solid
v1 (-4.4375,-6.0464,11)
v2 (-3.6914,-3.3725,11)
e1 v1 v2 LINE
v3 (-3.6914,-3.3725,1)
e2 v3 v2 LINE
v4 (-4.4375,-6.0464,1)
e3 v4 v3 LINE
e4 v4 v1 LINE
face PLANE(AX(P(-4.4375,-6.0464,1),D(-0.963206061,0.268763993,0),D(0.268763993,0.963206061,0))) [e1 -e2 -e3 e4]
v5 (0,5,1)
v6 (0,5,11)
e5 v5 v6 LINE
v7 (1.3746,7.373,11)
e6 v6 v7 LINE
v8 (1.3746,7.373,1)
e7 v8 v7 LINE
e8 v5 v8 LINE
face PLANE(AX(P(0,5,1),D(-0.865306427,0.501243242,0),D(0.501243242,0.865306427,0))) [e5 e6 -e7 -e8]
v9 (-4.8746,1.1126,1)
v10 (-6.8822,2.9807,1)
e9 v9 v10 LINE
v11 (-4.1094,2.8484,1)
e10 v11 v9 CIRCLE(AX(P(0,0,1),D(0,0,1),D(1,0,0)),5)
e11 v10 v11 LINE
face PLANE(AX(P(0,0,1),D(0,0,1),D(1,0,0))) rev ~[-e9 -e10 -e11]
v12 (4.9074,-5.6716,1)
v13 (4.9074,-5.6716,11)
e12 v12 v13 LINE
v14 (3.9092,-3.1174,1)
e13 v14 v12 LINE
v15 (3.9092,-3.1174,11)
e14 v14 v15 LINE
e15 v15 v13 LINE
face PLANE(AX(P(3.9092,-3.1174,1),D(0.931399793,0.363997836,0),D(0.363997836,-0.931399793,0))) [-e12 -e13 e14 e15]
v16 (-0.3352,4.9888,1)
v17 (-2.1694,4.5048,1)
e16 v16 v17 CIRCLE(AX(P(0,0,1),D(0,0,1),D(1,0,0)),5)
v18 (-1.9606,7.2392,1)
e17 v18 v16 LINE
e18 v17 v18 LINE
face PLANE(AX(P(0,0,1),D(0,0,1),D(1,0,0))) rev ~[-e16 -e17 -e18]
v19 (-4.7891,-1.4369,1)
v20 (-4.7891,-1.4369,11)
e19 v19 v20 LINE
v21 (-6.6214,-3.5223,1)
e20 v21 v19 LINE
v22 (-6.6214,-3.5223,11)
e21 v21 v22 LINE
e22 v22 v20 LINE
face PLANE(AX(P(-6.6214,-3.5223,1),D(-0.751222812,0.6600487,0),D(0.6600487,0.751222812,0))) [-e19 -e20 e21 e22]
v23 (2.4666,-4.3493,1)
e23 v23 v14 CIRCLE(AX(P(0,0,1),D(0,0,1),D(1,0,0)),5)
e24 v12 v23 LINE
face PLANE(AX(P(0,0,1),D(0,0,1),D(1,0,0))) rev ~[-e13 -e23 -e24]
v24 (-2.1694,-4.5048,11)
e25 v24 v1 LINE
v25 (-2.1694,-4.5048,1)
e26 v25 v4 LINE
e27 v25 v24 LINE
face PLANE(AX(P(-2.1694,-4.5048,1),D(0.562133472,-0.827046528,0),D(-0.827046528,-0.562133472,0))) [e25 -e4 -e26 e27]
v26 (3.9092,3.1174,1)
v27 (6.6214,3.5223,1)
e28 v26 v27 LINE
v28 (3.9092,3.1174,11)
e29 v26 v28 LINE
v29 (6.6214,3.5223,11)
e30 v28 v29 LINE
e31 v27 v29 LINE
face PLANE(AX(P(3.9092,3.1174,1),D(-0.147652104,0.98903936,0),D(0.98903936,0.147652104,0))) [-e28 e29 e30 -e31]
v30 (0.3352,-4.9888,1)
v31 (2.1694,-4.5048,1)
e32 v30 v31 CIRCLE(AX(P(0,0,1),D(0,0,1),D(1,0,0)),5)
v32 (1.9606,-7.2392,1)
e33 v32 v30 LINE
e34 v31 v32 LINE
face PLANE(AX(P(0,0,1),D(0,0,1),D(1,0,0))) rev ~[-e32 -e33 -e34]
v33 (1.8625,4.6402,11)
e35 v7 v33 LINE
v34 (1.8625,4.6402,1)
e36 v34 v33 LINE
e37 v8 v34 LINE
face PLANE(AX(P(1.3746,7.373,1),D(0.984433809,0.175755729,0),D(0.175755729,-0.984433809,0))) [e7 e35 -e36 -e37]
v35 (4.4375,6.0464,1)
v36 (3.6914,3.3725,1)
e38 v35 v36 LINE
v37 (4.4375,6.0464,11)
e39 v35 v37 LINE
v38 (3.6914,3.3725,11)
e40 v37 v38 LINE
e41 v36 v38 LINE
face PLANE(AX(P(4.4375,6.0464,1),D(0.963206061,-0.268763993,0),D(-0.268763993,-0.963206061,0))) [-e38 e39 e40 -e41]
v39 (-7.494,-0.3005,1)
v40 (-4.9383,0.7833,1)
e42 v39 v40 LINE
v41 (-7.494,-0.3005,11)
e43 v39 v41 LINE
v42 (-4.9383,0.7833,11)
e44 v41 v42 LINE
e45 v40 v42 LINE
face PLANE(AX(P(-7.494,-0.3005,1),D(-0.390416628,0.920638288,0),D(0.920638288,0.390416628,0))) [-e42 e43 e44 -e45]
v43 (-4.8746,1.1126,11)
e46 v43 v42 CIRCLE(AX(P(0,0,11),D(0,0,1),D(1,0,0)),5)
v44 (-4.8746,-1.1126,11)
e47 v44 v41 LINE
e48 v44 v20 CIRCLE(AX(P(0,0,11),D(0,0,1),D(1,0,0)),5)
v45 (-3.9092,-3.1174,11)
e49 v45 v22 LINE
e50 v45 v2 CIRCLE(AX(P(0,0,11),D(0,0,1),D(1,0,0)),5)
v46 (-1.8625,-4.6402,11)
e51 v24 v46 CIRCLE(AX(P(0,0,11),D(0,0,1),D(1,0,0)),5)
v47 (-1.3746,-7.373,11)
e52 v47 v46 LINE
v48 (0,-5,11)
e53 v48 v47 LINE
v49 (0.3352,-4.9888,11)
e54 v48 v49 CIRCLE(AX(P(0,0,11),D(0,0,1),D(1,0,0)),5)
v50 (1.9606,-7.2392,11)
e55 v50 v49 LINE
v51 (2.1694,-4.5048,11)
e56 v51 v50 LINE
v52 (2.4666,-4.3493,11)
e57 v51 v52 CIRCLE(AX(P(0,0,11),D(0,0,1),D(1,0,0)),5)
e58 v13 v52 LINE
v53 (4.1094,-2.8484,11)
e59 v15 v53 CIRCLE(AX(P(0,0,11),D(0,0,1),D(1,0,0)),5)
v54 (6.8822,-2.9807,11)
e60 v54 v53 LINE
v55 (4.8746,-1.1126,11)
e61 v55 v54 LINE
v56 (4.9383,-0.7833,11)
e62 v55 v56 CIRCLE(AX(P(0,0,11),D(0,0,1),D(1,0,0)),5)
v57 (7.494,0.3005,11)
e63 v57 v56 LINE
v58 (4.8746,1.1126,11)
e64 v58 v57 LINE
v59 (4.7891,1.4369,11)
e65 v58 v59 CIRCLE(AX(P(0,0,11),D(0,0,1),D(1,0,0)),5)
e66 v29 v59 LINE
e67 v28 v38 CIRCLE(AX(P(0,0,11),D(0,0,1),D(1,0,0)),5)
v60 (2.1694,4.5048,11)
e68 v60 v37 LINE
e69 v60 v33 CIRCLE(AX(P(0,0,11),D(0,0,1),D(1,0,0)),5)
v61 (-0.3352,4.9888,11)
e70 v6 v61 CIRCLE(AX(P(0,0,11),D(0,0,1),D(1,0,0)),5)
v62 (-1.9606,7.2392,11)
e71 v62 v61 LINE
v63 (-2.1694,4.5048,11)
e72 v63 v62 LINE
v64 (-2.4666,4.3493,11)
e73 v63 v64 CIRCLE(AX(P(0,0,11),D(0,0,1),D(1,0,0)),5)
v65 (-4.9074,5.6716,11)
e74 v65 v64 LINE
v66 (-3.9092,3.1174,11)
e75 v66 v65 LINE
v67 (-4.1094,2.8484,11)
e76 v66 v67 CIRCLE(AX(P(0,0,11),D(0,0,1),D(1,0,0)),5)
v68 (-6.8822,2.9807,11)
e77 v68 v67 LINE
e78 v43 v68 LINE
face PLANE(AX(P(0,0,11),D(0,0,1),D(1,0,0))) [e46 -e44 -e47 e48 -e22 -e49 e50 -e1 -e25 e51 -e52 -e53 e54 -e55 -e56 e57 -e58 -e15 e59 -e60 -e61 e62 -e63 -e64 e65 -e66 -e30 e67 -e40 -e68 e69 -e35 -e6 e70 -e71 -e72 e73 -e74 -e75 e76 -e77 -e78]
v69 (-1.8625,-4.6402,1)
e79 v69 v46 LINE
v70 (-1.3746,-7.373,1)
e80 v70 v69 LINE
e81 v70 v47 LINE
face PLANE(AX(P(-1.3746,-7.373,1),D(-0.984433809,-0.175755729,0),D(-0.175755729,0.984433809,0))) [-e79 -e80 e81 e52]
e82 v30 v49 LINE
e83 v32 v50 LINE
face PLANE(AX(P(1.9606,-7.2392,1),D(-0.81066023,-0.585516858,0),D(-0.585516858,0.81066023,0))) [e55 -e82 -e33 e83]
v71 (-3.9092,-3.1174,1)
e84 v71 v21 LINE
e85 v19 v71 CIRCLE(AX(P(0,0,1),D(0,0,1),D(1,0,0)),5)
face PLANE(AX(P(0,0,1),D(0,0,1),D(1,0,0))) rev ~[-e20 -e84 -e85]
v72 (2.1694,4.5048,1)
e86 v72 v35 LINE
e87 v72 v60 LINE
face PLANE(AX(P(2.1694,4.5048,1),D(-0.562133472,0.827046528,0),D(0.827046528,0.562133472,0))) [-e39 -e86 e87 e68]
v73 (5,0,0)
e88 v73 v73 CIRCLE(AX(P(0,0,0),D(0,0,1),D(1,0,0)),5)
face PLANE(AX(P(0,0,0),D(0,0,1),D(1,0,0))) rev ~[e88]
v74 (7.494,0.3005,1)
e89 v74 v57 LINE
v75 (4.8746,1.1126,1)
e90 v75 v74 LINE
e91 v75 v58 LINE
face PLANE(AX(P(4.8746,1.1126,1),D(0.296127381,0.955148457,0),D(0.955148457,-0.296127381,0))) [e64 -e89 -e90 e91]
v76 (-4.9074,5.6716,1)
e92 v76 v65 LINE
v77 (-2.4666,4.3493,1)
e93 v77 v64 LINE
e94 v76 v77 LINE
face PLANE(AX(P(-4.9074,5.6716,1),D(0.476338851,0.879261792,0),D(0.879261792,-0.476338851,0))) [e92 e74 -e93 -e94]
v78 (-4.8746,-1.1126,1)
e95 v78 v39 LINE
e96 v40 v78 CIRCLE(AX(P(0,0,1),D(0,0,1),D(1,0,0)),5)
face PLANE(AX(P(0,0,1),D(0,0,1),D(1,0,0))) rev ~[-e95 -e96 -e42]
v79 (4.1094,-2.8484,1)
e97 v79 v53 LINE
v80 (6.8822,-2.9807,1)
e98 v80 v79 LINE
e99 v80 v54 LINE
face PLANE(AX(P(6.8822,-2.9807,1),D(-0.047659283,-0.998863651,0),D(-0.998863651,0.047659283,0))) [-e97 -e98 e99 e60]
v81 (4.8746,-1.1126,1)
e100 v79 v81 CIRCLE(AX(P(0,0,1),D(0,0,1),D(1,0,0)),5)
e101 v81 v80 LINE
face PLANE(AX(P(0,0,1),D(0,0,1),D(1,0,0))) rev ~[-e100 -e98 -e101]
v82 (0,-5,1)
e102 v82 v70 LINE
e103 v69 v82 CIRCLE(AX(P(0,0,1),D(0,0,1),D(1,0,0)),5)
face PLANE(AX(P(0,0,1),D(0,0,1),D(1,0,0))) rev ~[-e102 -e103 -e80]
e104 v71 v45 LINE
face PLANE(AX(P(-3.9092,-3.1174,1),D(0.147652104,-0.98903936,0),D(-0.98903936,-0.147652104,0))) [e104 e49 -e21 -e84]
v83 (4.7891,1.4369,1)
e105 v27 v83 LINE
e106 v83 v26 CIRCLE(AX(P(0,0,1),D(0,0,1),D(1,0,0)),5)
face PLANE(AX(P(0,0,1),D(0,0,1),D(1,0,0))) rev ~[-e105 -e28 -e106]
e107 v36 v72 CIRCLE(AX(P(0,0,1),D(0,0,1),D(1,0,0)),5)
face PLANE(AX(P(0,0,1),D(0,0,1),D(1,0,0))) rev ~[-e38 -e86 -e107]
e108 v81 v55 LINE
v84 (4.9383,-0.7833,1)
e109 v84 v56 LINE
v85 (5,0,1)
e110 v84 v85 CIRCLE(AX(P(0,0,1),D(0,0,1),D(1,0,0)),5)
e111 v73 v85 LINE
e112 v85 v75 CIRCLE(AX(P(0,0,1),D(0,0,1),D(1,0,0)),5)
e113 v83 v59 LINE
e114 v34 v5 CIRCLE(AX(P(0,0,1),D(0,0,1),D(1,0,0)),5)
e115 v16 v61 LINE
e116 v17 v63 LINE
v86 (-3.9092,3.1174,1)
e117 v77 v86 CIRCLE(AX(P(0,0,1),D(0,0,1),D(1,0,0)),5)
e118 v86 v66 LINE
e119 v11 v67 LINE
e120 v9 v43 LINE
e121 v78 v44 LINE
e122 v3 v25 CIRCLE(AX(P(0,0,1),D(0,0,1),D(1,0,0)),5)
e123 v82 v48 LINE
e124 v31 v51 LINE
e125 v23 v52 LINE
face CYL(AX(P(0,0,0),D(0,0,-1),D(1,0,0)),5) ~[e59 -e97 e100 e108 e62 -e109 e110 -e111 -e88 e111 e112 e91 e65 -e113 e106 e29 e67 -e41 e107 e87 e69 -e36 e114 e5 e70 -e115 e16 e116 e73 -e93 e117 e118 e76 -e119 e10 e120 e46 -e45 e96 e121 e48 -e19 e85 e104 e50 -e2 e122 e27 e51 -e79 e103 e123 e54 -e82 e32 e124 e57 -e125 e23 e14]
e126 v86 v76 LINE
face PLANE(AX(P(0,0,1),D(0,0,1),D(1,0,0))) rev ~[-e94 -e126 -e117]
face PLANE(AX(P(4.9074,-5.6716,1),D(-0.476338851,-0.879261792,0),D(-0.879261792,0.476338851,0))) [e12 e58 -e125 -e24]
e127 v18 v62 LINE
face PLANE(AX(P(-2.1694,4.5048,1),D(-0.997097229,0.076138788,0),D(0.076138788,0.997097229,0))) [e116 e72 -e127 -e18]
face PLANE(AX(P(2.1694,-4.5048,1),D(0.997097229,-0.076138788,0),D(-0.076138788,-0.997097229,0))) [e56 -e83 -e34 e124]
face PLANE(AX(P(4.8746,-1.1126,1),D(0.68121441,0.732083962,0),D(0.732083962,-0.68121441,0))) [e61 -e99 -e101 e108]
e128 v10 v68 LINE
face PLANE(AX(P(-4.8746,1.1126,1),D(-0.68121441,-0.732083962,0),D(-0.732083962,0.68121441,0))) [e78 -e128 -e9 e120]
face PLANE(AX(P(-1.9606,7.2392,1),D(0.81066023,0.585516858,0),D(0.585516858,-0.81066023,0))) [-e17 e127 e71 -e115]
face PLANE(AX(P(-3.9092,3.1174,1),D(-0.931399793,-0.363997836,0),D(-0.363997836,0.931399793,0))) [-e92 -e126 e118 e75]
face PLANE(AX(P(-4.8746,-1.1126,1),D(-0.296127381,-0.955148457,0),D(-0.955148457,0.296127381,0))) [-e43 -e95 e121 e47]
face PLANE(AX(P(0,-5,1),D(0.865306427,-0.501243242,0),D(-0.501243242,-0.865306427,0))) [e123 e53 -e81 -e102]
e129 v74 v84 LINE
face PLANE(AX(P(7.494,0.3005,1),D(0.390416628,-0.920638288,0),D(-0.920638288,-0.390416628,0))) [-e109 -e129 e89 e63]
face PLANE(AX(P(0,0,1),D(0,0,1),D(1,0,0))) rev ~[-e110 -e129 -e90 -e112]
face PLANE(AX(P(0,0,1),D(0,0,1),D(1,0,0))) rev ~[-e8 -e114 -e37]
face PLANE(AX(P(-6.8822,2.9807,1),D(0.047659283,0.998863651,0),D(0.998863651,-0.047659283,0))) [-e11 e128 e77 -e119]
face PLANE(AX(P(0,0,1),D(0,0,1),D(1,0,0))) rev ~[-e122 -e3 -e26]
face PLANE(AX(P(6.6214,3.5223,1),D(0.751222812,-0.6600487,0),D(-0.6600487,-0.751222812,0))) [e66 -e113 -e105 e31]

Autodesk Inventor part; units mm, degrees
ref_plane "YZ Plane" through (0, 0, 0) normal (1, 0, 0) x (0, 1, 0)
ref_plane "XZ Plane" through (0, 0, 0) normal (0, 1, 0) x (-1, 0, 0)
ref_plane "XY Plane" through (0, 0, 0) normal (0, 0, 1) x (1, 0, 0)
sketch "Skizze1" plane through (0, 0, 0) normal (0, 0, 1) x (1, 0, 0)
  circle A0 centre (0, 0) radius 5
  dimension "d0" = 10
extrude "Extrusion1" add sketch "Skizze1" along normal blind 1
sketch "Skizze2" plane through (0, 0, 1) normal (0, 0, 1) x (1, 0, 0)
  circle A0 centre (0, 0) radius 5 projected
  circle A1 centre (0, 0) radius 7.5
  circle A2 centre (0, 0) radius 5 projected
  line L0 (0, -5) -> (-1.3746, -7.373)
  line L1 (-1.3746, -7.373) -> (-1.8625, -4.6402)
  arc A3 (-1.8625, -4.6402) -> (0, -5) centre (0, 0) ccw
  line L2 (2.1694, -4.5048) -> (1.9606, -7.2392)
  line L3 (1.9606, -7.2392) -> (0.3352, -4.9888)
  arc A4 (0.3352, -4.9888) -> (2.1694, -4.5048) centre (0, 0) ccw
  line L4 (3.9092, -3.1174) -> (4.9074, -5.6716)
  line L5 (4.9074, -5.6716) -> (2.4666, -4.3493)
  arc A5 (2.4666, -4.3493) -> (3.9092, -3.1174) centre (0, 0) ccw
  line L6 (4.8746, -1.1126) -> (6.8822, -2.9807)
  line L7 (6.8822, -2.9807) -> (4.1094, -2.8484)
  arc A6 (4.1094, -2.8484) -> (4.8746, -1.1126) centre (0, 0) ccw
  line L8 (4.8746, 1.1126) -> (7.494, 0.3005)
  line L9 (7.494, 0.3005) -> (4.9383, -0.7833)
  arc A7 (4.9383, -0.7833) -> (4.8746, 1.1126) centre (0, 0) ccw
  line L10 (3.9092, 3.1174) -> (6.6214, 3.5223)
  line L11 (6.6214, 3.5223) -> (4.7891, 1.4369)
  arc A8 (4.7891, 1.4369) -> (3.9092, 3.1174) centre (0, 0) ccw
  line L12 (2.1694, 4.5048) -> (4.4375, 6.0464)
  line L13 (4.4375, 6.0464) -> (3.6914, 3.3725)
  arc A9 (3.6914, 3.3725) -> (2.1694, 4.5048) centre (0, 0) ccw
  line L14 (0, 5) -> (1.3746, 7.373)
  line L15 (1.3746, 7.373) -> (1.8625, 4.6402)
  arc A10 (1.8625, 4.6402) -> (0, 5) centre (0, 0) ccw
  line L16 (-2.1694, 4.5048) -> (-1.9606, 7.2392)
  line L17 (-1.9606, 7.2392) -> (-0.3352, 4.9888)
  arc A11 (-0.3352, 4.9888) -> (-2.1694, 4.5048) centre (0, 0) ccw
  line L18 (-3.9092, 3.1174) -> (-4.9074, 5.6716)
  line L19 (-4.9074, 5.6716) -> (-2.4666, 4.3493)
  arc A12 (-2.4666, 4.3493) -> (-3.9092, 3.1174) centre (0, 0) ccw
  line L20 (-4.8746, 1.1126) -> (-6.8822, 2.9807)
  line L21 (-6.8822, 2.9807) -> (-4.1094, 2.8484)
  arc A13 (-4.1094, 2.8484) -> (-4.8746, 1.1126) centre (0, 0) ccw
  line L22 (-4.8746, -1.1126) -> (-7.494, -0.3005)
  line L23 (-7.494, -0.3005) -> (-4.9383, 0.7833)
  arc A14 (-4.9383, 0.7833) -> (-4.8746, -1.1126) centre (0, 0) ccw
  line L24 (-3.9092, -3.1174) -> (-6.6214, -3.5223)
  line L25 (-6.6214, -3.5223) -> (-4.7891, -1.4369)
  arc A15 (-4.7891, -1.4369) -> (-3.9092, -3.1174) centre (0, 0) ccw
  line L26 (-2.1694, -4.5048) -> (-4.4375, -6.0464)
  line L27 (-4.4375, -6.0464) -> (-3.6914, -3.3725)
  arc A16 (-3.6914, -3.3725) -> (-2.1694, -4.5048) centre (0, 0) ccw
  dimension "d3" = 15
  dimension "d6" = 360
extrude "Extrusion2" add sketch "Skizze2" along normal blind 10 contours A0 | A0 L8 L9 | A0 L10 L11 | L6 L7 A0 | A0 L12 L13 | L4 L5 A0 | L15 A0 L14 | L3 A0 L2 | L17 A0 L16 | L1 A0 L0 | L19 A0 L18 | L27 A0 L26 | L21 A0 L20 | L25 A0 L24 | L23 A0 L22
equation "\"d0\" = Durchmesser3"
equation "\"d3\" = Durchmesser1"
equation "\"Durchmesser1\" = 15"
equation "\"Größe1\" = 7"
equation "\"Durchmesser2\" = 3"
equation "\"Durchmesser3\" = 10"
equation "\"Größe3\" = 3"
equation "\"Größe4\" = 15"
properties part number "WelleRuder"
